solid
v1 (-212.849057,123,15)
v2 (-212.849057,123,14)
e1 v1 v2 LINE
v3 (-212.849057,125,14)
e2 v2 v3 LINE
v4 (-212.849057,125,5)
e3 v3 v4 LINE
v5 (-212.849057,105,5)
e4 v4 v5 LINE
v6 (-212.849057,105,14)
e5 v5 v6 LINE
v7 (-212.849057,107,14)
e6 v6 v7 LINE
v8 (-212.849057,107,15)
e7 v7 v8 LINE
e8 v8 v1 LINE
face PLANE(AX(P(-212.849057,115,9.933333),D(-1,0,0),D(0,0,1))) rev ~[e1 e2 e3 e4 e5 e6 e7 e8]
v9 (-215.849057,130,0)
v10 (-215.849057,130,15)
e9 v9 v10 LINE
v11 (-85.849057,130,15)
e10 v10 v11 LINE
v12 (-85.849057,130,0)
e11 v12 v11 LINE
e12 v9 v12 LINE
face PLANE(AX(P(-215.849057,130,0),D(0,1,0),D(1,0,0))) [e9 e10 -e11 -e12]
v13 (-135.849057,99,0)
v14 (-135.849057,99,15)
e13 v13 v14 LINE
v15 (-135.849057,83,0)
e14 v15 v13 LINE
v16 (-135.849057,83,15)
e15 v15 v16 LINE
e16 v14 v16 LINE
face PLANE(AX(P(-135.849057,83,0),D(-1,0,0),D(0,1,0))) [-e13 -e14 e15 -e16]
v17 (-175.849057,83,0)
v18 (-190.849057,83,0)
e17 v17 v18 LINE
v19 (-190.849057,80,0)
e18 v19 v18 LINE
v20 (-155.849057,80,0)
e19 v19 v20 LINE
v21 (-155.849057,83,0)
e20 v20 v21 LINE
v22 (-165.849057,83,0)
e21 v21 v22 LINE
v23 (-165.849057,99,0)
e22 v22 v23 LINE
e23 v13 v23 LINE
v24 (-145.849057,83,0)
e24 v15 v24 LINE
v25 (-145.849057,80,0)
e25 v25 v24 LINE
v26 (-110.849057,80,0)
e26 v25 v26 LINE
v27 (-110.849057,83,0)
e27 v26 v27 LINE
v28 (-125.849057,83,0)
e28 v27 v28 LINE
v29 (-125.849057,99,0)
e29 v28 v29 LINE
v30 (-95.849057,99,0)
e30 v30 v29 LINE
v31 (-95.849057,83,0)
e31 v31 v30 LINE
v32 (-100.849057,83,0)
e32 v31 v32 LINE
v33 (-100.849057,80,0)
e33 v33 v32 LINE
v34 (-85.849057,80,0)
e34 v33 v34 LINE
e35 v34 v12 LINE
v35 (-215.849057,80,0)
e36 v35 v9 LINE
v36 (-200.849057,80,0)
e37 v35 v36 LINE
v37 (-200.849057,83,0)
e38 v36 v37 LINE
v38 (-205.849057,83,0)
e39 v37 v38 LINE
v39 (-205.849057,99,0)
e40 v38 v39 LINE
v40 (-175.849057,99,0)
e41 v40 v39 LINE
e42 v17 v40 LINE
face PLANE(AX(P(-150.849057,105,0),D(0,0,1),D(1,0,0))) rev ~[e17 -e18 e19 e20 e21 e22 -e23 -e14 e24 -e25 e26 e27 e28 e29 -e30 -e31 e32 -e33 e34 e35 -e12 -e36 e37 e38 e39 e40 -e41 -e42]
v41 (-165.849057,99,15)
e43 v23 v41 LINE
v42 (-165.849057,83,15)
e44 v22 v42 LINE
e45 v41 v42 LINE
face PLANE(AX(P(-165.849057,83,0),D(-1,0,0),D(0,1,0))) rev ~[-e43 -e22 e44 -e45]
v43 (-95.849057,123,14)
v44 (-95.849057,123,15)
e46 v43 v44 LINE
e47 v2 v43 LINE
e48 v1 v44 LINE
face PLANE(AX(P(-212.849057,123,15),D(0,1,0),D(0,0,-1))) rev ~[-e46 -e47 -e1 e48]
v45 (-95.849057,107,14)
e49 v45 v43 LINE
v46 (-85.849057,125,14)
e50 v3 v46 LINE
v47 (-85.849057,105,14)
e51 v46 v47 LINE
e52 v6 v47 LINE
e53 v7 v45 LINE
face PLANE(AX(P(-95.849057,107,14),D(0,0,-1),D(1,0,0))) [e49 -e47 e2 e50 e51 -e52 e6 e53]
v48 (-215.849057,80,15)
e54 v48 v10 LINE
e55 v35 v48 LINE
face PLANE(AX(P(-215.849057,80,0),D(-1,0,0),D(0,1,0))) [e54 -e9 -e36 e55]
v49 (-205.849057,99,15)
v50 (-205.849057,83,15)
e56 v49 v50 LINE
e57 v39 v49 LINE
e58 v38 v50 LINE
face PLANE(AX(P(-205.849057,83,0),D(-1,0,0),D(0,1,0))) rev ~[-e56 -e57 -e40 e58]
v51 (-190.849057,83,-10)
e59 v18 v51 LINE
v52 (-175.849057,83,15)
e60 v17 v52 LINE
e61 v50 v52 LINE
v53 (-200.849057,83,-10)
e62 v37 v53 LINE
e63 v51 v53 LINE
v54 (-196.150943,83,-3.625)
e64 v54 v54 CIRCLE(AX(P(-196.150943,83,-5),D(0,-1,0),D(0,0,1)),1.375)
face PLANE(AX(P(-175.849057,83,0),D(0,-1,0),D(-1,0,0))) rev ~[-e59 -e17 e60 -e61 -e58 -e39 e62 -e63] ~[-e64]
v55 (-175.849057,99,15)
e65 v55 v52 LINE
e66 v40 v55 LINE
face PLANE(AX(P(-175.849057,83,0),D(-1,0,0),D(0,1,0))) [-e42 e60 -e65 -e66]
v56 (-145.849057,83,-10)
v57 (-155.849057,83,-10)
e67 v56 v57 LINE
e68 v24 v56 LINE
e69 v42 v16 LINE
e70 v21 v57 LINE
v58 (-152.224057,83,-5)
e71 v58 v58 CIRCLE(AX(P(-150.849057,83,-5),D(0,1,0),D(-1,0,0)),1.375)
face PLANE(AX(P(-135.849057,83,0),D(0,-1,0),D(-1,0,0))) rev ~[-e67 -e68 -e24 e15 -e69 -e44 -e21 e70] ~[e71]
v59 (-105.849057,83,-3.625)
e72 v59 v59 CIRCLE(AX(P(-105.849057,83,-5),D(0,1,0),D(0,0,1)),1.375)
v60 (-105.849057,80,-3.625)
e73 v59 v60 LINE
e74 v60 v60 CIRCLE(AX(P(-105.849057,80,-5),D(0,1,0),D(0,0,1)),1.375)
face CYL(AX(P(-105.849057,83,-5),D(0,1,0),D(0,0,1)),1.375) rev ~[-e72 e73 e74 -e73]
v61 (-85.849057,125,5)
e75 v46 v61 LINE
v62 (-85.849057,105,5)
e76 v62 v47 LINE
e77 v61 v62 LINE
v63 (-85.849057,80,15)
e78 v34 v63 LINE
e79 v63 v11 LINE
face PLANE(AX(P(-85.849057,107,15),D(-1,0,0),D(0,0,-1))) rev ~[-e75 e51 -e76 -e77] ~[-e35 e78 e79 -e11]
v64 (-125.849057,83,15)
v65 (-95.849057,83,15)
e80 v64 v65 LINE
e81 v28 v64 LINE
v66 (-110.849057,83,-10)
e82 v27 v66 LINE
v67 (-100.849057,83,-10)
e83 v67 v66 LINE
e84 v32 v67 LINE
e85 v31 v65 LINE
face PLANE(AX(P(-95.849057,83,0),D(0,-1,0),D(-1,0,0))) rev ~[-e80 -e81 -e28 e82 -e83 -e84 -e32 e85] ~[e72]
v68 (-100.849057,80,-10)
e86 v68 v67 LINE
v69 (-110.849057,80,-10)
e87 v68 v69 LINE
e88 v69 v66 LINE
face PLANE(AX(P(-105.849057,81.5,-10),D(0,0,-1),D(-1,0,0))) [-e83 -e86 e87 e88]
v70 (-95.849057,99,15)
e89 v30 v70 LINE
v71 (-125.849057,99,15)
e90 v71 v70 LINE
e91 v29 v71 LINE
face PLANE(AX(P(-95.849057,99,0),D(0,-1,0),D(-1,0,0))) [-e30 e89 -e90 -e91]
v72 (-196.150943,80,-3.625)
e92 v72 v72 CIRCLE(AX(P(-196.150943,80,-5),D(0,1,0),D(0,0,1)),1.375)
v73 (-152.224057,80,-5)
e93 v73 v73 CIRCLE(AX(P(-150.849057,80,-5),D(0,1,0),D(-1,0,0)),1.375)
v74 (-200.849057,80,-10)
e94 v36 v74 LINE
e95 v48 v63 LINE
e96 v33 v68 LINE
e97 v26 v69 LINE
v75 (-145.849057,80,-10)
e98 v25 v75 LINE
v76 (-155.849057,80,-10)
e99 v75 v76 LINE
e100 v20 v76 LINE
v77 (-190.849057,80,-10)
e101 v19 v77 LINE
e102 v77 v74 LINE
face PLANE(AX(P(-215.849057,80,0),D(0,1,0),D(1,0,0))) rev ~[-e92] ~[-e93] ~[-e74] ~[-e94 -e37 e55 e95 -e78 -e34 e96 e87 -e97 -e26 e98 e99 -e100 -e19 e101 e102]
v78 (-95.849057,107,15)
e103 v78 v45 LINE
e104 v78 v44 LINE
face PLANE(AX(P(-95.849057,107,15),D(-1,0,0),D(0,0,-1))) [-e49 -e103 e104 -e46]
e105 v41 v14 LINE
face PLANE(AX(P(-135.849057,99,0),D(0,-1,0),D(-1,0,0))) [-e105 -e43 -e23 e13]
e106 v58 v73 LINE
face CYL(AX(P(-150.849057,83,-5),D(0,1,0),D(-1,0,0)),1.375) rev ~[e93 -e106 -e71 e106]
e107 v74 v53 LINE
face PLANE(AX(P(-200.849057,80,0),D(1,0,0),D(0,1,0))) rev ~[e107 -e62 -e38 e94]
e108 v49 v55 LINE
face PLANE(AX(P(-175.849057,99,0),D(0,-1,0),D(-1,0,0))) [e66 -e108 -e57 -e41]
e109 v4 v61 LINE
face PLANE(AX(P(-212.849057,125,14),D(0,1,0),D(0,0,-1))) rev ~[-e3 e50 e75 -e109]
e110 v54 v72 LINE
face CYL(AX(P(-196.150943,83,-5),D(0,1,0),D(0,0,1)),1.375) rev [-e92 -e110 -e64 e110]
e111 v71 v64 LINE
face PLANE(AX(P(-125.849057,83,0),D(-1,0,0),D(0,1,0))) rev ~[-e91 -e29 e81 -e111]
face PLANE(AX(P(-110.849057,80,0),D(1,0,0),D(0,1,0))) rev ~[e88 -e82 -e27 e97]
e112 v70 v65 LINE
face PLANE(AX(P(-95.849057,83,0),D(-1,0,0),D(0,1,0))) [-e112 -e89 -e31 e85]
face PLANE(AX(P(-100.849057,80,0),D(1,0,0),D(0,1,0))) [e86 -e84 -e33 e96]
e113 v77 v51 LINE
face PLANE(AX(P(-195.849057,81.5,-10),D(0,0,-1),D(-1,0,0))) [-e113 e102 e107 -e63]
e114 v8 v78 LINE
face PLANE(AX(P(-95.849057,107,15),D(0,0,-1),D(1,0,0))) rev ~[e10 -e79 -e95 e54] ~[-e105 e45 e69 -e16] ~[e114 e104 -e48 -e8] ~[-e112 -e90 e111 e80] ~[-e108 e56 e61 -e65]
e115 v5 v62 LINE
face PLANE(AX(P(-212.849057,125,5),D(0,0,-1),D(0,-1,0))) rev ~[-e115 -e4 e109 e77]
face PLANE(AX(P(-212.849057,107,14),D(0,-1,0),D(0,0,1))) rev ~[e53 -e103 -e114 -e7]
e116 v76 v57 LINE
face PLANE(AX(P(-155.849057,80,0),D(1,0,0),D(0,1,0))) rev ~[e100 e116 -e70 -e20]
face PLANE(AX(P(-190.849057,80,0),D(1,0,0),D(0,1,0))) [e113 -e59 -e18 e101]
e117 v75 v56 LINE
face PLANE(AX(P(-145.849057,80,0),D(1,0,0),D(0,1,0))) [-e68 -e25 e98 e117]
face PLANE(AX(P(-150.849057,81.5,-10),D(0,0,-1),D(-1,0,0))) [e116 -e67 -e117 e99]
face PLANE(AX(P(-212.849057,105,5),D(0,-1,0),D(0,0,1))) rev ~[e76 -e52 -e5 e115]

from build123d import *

# Parameters (mm, degrees)
SKETCH1_W               = 130
SKETCH1_H               = 50
BOSS_EXTRUDE1_DEPTH     = 15
CUT_EXTRUDE1_DEPTH      = 185.458667457
CUT_EXTRUDE1_DEPTH_BACK = 127
SKETCH4_W               = 10
SKETCH4_H               = 3
BOSS_EXTRUDE2_DEPTH     = 10
SKETCH6_W               = 30
SKETCH6_H               = 16
CUT_EXTRUDE2_DEPTH      = 253.419918463
SKETCH7_R               = 1.375
CUT_EXTRUDE3_DEPTH      = 222.415481023
SKETCH9_W               = 10
SKETCH9_H               = 3
BOSS_EXTRUDE4_DEPTH     = 10
SKETCH10_R              = 1.375
CUT_EXTRUDE4_DEPTH      = 10
SKETCH11_W              = 10
SKETCH11_H              = 1
BOSS_EXTRUDE5_DEPTH     = 20


with BuildPart() as part:
    # Sketch1 → Boss-Extrude1 (new body)
    with BuildSketch(Plane.XY):
        with Locations((-150.849056604, 105)):
            Rectangle(SKETCH1_W, SKETCH1_H)
    extrude(amount=BOSS_EXTRUDE1_DEPTH)

    # Sketch3 → Cut-Extrude1 (cut, two sides: drawn at the far end of the back side and taken through both)
    with BuildSketch(Plane(origin=(-85.849056604, 0, 0), x_dir=(0, 0, -1), z_dir=(1, 0, 0)).offset(-CUT_EXTRUDE1_DEPTH_BACK)):
        Polygon((-14, 125), (-5, 125), (-5, 105), (-14, 105), (-14, 107), (-15, 107), (-15, 123), (-14, 123), align=None)
    extrude(amount=CUT_EXTRUDE1_DEPTH + CUT_EXTRUDE1_DEPTH_BACK, mode=Mode.SUBTRACT)

    # Sketch4 → Boss-Extrude2 (add)
    with BuildSketch(Plane(origin=(0, 0, 0), x_dir=(-1, 0, 0), z_dir=(0, 0, -1))):
        with Locations((105.849056604, 81.5)):
            Rectangle(SKETCH4_W, SKETCH4_H)
        with Locations((195.849056604, 81.5)):
            Rectangle(SKETCH4_W, SKETCH4_H)
    extrude(amount=BOSS_EXTRUDE2_DEPTH)

    # Sketch6 → Cut-Extrude2 (cut, through all)
    with BuildSketch(Plane(origin=(0, 0, 0), x_dir=(-1, 0, 0), z_dir=(0, 0, -1))):
        with Locations((190.849056604, 91)):
            Rectangle(SKETCH6_W, SKETCH6_H)
        with Locations((150.849056604, 91)):
            Rectangle(SKETCH6_W, SKETCH6_H)
        with Locations((110.849056604, 91)):
            Rectangle(SKETCH6_W, SKETCH6_H)
    extrude(amount=-CUT_EXTRUDE2_DEPTH, mode=Mode.SUBTRACT)

    # Sketch7 → Cut-Extrude3 (cut, through all)
    with BuildSketch(Plane(origin=(0, 83, 0), x_dir=(1, 0, 0), z_dir=(0, 1, 0))):
        with Locations(Location((-105.849056604, 5, 0), (0, 0, 270))):
            Circle(SKETCH7_R)
    cut_extrude3 = extrude(amount=-CUT_EXTRUDE3_DEPTH, mode=Mode.SUBTRACT)

    # Mirror1: Cut-Extrude3 across plane
    add(cut_extrude3.mirror(Plane(origin=(-151, 0, 0), x_dir=(0, 0, 1), z_dir=(1, 0, 0))), mode=Mode.SUBTRACT)

    # Sketch9 → Boss-Extrude4 (add)
    with BuildSketch(Plane(origin=(0, 0, 0), x_dir=(-1, 0, 0), z_dir=(0, 0, -1))):
        with Locations((150.849056604, 81.5)):
            Rectangle(SKETCH9_W, SKETCH9_H)
    extrude(amount=BOSS_EXTRUDE4_DEPTH)

    # Sketch10 → Cut-Extrude4 (cut)
    with BuildSketch(Plane(origin=(0, 83, 0), x_dir=(1, 0, 0), z_dir=(0, 1, 0))):
        with Locations(Location((-150.849056604, 5, 0), (0, 0, 180))):
            Circle(SKETCH10_R)
    extrude(amount=-CUT_EXTRUDE4_DEPTH, mode=Mode.SUBTRACT)

    # Sketch11 → Boss-Extrude5 (add)
    with BuildSketch(Plane(origin=(0, 107, 0), x_dir=(1, 0, 0), z_dir=(0, 1, 0))):
        with Locations((-90.849056604, -14.5)):
            Rectangle(SKETCH11_W, SKETCH11_H)
    extrude(amount=BOSS_EXTRUDE5_DEPTH)


solid = part.part
